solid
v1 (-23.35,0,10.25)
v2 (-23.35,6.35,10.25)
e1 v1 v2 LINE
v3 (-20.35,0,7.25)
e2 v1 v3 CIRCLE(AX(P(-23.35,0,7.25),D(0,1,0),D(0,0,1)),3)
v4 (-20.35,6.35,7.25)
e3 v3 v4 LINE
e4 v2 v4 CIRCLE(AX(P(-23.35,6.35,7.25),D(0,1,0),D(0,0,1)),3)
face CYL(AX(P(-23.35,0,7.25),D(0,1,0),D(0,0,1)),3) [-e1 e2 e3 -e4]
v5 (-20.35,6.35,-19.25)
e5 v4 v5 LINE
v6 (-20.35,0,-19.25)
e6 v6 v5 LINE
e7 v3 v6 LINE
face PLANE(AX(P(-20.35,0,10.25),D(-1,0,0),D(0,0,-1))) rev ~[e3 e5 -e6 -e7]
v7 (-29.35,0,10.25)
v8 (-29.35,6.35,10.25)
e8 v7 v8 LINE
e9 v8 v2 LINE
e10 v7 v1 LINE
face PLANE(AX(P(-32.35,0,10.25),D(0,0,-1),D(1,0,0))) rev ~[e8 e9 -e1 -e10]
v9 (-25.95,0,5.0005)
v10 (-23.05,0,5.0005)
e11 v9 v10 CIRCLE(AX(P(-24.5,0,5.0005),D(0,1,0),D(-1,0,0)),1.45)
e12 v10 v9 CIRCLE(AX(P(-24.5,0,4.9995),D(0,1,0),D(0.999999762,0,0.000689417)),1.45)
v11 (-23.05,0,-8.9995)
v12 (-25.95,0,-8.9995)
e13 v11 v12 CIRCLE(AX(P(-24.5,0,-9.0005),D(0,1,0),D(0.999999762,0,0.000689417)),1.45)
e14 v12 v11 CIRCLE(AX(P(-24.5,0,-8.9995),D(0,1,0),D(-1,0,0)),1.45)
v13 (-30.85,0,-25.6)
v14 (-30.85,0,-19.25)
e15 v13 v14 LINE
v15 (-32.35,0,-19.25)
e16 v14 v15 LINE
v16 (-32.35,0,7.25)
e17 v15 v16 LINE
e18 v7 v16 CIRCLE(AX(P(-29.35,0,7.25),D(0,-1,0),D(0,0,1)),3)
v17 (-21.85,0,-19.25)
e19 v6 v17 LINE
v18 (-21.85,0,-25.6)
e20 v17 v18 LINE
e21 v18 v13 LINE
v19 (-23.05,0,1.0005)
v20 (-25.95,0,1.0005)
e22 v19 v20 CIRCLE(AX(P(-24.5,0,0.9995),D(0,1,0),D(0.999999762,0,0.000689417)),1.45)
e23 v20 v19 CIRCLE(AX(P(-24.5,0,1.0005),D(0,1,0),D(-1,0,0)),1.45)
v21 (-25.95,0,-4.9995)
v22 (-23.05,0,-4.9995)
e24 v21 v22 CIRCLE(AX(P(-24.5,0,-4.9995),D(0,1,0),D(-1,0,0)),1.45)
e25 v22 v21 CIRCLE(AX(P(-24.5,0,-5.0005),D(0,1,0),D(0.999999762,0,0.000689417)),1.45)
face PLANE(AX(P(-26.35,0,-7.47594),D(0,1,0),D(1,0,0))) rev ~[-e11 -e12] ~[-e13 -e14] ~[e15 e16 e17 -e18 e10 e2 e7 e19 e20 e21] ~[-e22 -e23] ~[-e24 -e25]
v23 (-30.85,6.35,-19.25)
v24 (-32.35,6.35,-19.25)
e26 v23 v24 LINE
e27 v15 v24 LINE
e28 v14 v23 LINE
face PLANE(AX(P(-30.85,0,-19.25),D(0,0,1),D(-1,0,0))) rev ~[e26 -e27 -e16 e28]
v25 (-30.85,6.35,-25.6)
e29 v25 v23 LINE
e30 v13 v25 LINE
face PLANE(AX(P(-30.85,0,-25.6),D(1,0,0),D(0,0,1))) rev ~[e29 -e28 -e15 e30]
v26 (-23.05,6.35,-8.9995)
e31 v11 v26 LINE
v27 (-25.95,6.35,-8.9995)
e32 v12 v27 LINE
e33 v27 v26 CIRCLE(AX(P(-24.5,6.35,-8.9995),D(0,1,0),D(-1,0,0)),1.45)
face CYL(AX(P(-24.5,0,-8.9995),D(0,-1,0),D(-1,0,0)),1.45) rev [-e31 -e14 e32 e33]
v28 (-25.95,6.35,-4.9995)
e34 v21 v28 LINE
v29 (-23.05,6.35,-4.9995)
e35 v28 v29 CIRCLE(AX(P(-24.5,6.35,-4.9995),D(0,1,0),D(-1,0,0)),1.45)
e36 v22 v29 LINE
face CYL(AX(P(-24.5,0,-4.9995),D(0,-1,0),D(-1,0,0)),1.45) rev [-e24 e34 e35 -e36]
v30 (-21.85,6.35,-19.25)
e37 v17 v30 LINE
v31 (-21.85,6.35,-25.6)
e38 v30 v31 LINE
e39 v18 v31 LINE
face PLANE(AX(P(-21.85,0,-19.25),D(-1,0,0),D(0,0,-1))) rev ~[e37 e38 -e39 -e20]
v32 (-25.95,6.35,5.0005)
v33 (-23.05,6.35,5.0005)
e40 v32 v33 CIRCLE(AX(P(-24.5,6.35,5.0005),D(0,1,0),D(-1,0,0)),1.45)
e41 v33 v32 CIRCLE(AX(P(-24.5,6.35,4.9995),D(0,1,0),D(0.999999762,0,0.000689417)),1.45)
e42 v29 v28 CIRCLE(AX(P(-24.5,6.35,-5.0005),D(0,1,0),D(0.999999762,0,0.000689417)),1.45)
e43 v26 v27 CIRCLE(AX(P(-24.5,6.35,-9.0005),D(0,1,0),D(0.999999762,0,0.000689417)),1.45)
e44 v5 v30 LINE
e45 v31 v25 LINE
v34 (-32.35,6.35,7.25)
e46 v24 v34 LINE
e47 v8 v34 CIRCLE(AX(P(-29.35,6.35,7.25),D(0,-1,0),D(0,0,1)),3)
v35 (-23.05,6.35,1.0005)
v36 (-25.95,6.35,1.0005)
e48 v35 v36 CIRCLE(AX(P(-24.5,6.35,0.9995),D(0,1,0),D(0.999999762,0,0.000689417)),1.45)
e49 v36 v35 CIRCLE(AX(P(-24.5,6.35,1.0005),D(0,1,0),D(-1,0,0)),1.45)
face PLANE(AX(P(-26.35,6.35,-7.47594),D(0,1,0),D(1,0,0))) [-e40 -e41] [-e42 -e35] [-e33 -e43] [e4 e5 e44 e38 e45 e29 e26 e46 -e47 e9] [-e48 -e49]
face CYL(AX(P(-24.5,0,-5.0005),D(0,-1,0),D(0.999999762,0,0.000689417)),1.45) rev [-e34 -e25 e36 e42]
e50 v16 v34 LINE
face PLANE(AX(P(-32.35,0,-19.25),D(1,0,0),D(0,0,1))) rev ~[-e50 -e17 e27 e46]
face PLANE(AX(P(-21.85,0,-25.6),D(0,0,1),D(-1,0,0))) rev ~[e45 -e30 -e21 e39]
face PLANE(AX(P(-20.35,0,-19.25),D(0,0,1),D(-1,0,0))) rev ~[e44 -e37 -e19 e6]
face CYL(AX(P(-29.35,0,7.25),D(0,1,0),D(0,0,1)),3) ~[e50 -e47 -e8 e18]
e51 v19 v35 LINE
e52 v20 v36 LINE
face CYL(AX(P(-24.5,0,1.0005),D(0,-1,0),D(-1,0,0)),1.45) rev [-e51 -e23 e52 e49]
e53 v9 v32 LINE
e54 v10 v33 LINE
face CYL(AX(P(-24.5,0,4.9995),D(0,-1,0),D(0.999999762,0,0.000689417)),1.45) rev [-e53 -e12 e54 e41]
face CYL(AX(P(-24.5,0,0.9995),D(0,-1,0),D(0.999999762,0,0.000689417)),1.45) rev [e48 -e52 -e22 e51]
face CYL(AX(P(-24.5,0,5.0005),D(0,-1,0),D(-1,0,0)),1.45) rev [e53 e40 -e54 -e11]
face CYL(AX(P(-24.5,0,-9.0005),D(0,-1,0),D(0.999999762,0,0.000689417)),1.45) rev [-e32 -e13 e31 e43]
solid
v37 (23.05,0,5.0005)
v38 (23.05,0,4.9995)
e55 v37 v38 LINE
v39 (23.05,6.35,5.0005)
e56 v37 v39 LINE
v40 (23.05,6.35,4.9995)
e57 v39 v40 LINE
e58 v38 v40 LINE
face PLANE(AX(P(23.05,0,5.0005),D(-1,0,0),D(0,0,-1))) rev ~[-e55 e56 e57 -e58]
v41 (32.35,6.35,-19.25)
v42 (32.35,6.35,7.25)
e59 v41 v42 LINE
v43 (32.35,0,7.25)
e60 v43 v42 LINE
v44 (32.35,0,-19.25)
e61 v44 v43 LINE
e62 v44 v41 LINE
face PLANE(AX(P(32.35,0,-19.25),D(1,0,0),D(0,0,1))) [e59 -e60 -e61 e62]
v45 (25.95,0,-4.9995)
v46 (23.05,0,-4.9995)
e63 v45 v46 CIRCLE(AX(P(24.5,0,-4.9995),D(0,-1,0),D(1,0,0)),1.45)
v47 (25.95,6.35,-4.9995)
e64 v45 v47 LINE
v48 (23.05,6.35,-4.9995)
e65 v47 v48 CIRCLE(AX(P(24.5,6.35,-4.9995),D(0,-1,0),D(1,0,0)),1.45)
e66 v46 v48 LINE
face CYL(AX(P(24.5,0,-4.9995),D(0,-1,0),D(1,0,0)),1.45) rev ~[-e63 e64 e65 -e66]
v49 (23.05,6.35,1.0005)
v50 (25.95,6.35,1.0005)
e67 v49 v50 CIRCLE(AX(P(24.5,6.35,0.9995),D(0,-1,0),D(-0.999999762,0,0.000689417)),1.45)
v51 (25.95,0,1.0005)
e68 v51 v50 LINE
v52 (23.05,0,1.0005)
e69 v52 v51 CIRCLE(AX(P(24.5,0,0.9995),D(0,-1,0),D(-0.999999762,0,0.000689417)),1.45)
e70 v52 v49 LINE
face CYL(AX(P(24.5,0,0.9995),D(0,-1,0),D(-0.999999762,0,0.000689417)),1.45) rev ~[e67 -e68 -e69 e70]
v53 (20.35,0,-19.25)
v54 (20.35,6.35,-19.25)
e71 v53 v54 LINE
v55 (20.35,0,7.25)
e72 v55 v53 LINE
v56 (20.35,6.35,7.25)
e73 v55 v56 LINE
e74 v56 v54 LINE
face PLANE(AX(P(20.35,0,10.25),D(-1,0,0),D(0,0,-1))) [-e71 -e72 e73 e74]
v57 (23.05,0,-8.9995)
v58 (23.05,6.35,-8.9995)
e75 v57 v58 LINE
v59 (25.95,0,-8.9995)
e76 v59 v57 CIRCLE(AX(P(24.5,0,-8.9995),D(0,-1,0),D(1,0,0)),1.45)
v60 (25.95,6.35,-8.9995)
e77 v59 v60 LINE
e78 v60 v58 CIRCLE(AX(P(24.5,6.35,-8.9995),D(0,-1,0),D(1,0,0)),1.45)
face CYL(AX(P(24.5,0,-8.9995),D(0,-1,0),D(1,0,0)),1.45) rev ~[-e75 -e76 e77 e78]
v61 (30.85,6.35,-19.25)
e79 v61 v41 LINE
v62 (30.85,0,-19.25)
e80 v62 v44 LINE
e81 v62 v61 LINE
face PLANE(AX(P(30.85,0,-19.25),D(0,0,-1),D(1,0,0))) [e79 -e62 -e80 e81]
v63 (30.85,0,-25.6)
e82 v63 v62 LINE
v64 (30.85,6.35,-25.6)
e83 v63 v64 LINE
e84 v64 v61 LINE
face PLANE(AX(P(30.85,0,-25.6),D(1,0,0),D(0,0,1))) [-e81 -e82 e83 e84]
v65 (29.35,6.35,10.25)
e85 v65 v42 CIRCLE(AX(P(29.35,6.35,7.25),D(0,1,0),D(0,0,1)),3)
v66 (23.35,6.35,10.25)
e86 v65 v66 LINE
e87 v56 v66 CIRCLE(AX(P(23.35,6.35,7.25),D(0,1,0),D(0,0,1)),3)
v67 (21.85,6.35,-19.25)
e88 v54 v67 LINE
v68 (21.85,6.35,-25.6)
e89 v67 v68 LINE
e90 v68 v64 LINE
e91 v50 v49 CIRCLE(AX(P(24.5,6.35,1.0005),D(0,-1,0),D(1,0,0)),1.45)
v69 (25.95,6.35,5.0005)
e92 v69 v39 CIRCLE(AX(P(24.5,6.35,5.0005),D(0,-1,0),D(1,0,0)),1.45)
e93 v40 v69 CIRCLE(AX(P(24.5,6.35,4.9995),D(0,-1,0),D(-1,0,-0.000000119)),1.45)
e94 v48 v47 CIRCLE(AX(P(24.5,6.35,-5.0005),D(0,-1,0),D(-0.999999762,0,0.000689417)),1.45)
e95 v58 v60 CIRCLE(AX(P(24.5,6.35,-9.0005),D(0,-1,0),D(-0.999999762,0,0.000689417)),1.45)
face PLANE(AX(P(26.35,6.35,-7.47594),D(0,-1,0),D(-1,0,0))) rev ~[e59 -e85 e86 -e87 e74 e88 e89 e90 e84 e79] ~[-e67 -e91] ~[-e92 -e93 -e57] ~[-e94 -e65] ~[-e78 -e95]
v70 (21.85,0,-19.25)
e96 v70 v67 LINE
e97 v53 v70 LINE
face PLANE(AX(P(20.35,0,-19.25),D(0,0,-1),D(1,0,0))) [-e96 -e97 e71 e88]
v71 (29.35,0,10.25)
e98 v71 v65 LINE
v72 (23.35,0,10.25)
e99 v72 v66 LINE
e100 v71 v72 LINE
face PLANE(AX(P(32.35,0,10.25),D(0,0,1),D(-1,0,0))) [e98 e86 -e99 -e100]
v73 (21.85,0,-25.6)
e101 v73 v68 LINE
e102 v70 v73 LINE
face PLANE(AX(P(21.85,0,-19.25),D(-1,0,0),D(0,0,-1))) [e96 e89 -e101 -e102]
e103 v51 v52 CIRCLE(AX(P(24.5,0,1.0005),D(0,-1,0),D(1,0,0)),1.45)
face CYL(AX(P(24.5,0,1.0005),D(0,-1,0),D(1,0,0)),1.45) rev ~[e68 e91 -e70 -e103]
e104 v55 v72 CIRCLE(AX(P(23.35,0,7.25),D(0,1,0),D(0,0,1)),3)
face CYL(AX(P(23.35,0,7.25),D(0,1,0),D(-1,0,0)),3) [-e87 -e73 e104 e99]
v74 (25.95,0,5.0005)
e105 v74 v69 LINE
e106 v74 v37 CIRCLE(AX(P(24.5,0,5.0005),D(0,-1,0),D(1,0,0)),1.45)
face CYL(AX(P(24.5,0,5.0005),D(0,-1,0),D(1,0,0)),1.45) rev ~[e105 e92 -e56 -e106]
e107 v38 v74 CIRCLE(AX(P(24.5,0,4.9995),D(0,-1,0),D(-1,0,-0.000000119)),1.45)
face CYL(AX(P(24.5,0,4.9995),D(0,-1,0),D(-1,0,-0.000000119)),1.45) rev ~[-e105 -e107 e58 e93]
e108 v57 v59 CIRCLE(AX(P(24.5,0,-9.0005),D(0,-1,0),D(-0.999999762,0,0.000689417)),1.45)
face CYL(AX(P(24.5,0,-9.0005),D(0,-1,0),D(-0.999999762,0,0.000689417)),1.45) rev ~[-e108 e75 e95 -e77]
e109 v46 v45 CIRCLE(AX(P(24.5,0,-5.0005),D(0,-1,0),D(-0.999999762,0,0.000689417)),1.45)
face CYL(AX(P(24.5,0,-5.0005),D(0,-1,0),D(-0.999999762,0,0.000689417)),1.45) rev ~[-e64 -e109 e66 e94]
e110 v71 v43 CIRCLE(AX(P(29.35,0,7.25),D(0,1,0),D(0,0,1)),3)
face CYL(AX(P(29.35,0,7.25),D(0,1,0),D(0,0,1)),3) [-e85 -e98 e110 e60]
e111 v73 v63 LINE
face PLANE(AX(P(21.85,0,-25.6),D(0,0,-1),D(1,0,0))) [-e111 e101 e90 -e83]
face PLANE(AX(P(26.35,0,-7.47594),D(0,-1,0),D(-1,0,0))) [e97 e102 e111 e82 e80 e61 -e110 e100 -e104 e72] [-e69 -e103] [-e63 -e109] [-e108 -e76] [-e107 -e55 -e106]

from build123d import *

# Parameters (mm, degrees)
BOSS_EXTRUDE1_DEPTH   = 6.35
BOSS_EXTRUDE1_2_DEPTH = 6.35
FILLET1_R             = 3
FILLET2_R             = 3


with BuildPart() as part:
    # Sketch1 → Boss-Extrude1 (new body)
    with BuildSketch(Plane(origin=(0, 0, 0), x_dir=(1, 0, 0), z_dir=(0, 1, 0))):
        Polygon((-32.35, -10.25), (-20.35, -10.25), (-20.35, 19.25), (-21.85, 19.25), (-21.85, 25.6), (-30.85, 25.6), (-30.85, 19.25), (-32.35, 19.25), align=None)
        with BuildLine():
            ThreePointArc((-25.95, 4.9995), (-24.5, 3.5495), (-23.05, 4.9995))
            ThreePointArc((-23.05, 4.9995), (-24.5, 6.4505), (-25.95, 4.9995))
        make_face(mode=Mode.SUBTRACT)
        with BuildLine():
            ThreePointArc((-25.95, -5.0005), (-24.5, -6.4505), (-23.05, -5.0005))
            ThreePointArc((-23.05, -5.0005), (-24.5, -3.5495), (-25.95, -5.0005))
        make_face(mode=Mode.SUBTRACT)
        with BuildLine():
            ThreePointArc((-25.95, -1.0005), (-24.5, -2.4505), (-23.05, -1.0005))
            ThreePointArc((-23.05, -1.0005), (-24.5, 0.4505), (-25.95, -1.0005))
        make_face(mode=Mode.SUBTRACT)
        with BuildLine():
            ThreePointArc((-25.95, 8.9995), (-24.5, 7.5495), (-23.05, 8.9995))
            ThreePointArc((-23.05, 8.9995), (-24.5, 10.4505), (-25.95, 8.9995))
        make_face(mode=Mode.SUBTRACT)
    extrude(amount=BOSS_EXTRUDE1_DEPTH)

    # Fillet1
    fillet1_edges = [part.edges().sort_by_distance(p)[0] for p in [
        (-20.35, 3.175, 10.25),
        (-32.35, 3.175, 10.25),
    ]]
    fillet(fillet1_edges, radius=FILLET1_R)


with BuildPart() as body_2:
    # Sketch1 → Boss-Extrude1 2 (new body)
    with BuildSketch(Plane(origin=(0, 0, 0), x_dir=(1, 0, 0), z_dir=(0, 1, 0))):
        Polygon((21.85, 19.25), (21.85, 25.6), (30.85, 25.6), (30.85, 19.25), (32.35, 19.25), (32.35, -10.25), (20.35, -10.25), (20.35, 19.25), align=None)
        with BuildLine():
            Line((23.05, -5.0005), (23.05, -4.9995))
            ThreePointArc((23.05, -4.9995), (24.5, -3.5495), (25.95, -5.0005))
            ThreePointArc((25.95, -5.0005), (24.5, -6.4505), (23.05, -5.0005))
        make_face(mode=Mode.SUBTRACT)
        with BuildLine():
            ThreePointArc((25.95, 4.9995), (24.5, 3.5495), (23.05, 4.9995))
            ThreePointArc((23.05, 4.9995), (24.5, 6.4505), (25.95, 4.9995))
        make_face(mode=Mode.SUBTRACT)
        with BuildLine():
            ThreePointArc((25.95, 8.9995), (24.5, 7.5495), (23.05, 8.9995))
            ThreePointArc((23.05, 8.9995), (24.5, 10.4505), (25.95, 8.9995))
        make_face(mode=Mode.SUBTRACT)
        with BuildLine():
            ThreePointArc((25.95, -1.0005), (24.5, -2.4505), (23.05, -1.0005))
            ThreePointArc((23.05, -1.0005), (24.5, 0.4505), (25.95, -1.0005))
        make_face(mode=Mode.SUBTRACT)
    extrude(amount=BOSS_EXTRUDE1_2_DEPTH)

    # Fillet2
    fillet2_edges = [body_2.edges().sort_by_distance(p)[0] for p in [
        (32.35, 3.175, 10.25),
        (20.35, 3.175, 10.25),
    ]]
    fillet(fillet2_edges, radius=FILLET2_R)


solid = Compound([part.part, body_2.part])
